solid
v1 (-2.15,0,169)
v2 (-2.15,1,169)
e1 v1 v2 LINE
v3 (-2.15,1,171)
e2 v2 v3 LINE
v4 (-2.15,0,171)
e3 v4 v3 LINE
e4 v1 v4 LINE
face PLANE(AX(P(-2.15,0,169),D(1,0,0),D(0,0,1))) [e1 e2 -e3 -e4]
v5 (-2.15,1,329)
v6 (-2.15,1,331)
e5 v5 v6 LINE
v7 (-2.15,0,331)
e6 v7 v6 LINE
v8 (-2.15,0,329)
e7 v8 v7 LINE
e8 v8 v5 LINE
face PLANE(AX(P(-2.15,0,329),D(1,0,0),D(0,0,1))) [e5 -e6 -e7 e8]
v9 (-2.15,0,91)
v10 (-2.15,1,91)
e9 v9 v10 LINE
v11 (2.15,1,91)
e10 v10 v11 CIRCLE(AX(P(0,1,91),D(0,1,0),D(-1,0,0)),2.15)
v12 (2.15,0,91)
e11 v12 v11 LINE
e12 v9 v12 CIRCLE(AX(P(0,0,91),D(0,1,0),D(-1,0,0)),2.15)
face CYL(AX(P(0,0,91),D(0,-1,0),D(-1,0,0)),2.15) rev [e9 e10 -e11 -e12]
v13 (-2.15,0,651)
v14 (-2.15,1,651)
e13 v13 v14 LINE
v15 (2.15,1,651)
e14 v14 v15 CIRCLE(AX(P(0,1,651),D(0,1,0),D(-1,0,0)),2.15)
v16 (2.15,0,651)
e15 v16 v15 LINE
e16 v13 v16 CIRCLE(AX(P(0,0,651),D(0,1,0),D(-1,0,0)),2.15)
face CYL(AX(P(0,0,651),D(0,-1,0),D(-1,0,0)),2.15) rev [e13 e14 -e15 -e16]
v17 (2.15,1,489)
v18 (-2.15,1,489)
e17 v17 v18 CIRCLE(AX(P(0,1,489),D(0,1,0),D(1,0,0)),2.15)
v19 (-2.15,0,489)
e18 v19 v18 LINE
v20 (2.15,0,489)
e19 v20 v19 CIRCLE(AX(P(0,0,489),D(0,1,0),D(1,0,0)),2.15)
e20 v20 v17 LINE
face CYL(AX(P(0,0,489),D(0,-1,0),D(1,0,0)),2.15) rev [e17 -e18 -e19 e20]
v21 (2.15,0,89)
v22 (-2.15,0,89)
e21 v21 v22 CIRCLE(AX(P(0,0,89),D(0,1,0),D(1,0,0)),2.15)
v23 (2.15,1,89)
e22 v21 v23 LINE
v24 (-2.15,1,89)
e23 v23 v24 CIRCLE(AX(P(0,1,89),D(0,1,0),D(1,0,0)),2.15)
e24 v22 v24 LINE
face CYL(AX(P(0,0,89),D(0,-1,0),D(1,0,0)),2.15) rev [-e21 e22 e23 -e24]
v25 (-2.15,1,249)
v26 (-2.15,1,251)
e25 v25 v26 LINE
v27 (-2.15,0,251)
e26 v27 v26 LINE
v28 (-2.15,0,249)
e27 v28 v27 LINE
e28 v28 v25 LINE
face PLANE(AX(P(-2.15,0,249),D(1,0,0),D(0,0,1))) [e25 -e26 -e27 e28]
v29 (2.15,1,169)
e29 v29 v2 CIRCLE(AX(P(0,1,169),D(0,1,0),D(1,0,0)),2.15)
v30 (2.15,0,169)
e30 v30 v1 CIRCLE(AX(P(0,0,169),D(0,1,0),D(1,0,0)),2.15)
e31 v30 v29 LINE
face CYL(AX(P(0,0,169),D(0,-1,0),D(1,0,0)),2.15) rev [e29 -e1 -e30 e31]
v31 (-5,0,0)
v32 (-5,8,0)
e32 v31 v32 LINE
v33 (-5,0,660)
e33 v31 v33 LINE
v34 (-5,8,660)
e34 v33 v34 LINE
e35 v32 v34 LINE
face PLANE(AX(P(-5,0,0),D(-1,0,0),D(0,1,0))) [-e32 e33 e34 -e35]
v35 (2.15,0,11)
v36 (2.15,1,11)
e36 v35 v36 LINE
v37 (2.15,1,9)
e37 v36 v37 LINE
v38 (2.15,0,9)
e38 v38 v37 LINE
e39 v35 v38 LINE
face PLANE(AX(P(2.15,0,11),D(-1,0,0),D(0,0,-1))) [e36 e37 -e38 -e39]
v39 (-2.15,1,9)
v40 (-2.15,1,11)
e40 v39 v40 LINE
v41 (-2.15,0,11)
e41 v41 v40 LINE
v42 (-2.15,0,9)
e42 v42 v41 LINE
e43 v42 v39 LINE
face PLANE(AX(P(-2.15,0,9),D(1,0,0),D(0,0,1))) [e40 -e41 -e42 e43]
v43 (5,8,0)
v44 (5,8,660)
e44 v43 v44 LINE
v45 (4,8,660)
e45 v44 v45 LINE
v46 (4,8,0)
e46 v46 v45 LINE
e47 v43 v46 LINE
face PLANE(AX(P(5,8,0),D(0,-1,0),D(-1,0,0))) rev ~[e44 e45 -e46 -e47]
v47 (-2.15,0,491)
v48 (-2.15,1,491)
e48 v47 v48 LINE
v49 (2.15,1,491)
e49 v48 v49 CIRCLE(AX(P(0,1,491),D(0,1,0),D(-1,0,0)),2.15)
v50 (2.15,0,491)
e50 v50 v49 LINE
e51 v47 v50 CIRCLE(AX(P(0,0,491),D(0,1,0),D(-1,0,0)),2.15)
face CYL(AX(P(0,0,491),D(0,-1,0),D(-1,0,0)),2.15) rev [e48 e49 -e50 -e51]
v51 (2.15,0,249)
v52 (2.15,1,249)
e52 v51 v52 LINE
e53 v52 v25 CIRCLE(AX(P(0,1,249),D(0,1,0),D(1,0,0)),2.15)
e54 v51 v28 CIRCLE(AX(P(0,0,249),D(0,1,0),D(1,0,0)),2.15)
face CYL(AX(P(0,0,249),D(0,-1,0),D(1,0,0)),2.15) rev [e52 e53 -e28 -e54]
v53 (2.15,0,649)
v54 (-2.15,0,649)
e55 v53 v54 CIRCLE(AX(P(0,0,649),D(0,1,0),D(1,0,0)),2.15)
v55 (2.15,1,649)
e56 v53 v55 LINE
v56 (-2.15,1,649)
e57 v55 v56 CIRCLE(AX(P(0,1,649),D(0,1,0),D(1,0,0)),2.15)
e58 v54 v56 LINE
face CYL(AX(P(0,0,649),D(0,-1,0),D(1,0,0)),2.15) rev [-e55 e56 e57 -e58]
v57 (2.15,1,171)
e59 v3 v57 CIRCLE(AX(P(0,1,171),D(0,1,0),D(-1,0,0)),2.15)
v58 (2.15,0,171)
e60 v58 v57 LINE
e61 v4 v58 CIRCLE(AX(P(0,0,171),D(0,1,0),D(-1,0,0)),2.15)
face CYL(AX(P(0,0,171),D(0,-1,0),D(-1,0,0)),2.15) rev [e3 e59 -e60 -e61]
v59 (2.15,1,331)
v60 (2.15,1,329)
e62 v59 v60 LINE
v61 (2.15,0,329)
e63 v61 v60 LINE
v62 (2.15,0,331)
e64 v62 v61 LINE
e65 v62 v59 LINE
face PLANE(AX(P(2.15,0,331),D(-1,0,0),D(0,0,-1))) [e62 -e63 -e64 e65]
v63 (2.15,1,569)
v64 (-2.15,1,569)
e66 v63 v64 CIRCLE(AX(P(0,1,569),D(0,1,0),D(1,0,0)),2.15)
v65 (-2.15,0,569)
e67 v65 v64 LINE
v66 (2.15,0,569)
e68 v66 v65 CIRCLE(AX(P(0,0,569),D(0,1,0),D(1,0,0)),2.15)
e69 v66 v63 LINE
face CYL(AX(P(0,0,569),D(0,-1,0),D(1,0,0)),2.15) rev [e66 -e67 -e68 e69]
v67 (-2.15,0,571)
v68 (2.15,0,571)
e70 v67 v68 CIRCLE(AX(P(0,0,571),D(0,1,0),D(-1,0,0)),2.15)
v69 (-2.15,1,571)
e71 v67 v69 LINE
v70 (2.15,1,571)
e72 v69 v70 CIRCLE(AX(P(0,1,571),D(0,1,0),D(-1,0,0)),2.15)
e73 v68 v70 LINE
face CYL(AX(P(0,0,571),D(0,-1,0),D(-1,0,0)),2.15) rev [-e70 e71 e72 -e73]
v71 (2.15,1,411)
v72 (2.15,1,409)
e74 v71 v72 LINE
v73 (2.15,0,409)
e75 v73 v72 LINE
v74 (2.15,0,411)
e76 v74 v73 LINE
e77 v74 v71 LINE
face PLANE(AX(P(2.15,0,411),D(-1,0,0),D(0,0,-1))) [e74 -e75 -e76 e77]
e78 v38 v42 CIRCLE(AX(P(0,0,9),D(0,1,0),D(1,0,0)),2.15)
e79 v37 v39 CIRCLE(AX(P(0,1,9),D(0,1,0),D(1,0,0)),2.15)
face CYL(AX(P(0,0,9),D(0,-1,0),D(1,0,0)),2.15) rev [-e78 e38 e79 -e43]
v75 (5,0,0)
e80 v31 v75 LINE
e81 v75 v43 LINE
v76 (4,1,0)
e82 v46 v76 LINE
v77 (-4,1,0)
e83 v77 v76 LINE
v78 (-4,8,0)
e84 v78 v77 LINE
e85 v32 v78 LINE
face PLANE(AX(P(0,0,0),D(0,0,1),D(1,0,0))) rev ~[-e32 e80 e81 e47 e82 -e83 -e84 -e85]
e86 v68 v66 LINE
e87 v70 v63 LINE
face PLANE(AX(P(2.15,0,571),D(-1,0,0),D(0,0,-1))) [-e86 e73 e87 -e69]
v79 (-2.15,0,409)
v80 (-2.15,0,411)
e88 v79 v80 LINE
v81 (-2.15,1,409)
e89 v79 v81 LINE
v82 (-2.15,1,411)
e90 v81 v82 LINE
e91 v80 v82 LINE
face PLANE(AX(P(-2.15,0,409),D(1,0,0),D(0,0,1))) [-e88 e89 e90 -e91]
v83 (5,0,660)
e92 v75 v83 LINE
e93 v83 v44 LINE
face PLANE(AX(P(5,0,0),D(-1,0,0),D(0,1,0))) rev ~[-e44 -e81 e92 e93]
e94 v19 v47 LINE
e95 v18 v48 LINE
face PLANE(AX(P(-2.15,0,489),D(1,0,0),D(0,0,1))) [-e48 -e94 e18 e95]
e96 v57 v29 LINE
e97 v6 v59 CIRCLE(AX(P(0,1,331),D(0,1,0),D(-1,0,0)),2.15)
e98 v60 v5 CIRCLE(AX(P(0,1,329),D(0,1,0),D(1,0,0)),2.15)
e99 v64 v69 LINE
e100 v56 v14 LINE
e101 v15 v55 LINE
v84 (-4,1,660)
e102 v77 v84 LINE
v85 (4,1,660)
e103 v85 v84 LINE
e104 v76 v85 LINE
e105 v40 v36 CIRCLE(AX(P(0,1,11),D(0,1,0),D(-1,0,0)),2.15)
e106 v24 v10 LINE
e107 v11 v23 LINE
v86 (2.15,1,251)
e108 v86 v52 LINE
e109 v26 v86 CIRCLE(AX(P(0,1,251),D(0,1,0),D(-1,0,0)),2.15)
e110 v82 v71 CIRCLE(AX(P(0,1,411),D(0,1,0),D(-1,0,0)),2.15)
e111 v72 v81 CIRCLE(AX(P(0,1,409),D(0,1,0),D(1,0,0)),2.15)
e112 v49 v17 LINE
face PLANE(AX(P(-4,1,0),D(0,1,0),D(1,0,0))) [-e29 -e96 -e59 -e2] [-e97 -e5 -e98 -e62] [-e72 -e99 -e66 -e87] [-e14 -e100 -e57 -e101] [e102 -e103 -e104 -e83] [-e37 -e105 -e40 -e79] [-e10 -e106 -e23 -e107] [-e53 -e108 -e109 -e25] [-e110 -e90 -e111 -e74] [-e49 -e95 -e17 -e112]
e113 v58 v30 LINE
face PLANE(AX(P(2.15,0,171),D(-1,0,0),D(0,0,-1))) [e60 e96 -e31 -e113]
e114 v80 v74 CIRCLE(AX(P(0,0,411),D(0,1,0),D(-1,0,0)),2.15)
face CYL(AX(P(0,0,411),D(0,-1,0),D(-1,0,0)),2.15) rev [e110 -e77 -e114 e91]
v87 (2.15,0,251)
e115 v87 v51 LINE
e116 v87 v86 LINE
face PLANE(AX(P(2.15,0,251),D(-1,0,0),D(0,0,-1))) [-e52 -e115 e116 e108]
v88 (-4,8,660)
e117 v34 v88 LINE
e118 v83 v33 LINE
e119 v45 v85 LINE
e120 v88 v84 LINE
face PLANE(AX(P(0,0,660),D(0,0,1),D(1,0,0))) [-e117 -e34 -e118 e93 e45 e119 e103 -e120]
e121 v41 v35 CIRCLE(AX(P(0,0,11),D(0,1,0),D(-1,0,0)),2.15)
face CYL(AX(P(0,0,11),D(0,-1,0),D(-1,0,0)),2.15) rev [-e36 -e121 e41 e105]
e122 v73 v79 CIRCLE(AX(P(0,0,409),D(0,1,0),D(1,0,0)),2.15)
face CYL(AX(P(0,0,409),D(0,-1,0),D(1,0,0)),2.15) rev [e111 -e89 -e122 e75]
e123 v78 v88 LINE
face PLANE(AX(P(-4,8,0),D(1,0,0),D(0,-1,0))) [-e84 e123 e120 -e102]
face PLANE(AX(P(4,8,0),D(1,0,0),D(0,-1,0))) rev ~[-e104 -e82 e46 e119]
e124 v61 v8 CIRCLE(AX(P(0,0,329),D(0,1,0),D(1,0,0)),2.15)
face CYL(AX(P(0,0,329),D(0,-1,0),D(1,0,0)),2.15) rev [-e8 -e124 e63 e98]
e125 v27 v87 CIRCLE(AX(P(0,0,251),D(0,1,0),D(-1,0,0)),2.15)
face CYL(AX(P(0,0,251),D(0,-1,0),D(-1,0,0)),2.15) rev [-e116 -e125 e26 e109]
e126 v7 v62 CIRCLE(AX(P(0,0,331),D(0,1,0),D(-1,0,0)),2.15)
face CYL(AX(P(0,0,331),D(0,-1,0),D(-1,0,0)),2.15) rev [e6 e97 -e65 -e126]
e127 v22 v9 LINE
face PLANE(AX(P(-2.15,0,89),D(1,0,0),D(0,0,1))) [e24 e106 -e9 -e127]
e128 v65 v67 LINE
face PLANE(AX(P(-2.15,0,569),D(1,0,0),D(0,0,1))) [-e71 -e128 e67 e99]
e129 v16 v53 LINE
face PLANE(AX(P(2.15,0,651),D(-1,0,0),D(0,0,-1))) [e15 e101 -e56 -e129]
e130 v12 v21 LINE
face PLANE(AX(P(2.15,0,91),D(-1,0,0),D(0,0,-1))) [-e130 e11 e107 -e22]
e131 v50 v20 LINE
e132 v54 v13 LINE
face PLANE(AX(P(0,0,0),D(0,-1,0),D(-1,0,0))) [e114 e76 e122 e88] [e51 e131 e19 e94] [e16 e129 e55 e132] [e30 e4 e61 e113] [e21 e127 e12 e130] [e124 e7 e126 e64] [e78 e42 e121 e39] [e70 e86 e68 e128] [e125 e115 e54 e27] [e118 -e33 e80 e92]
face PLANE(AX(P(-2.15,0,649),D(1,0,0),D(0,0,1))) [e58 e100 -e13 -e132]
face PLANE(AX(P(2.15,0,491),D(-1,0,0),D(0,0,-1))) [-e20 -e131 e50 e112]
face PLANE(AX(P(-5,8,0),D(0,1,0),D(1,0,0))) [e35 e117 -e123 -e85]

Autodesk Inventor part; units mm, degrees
ref_plane "YZ Plane" through (0, 0, 0) normal (1, 0, 0) x (0, 1, 0)
ref_plane "XY Plane" through (0, 0, 0) normal (0, 0, 1) x (1, 0, 0)
sketch "Skizze1" plane through (0, 0, 0) normal (0, 0, 1) x (1, 0, 0)
  line L0 (0, 0) -> (5, 0)
  line L1 (5, 0) -> (5, 8)
  line L2 (5, 8) -> (4, 8)
  line L3 (4, 8) -> (4, 1)
  line L4 (4, 1) -> (0, 1)
  line L5 (0, 9.6) -> (0, -1.6) construction
  line L6 (0, 0) -> (-5, 0)
  line L7 (-5, 0) -> (-5, 8)
  line L8 (-5, 8) -> (-4, 8)
  line L9 (-4, 8) -> (-4, 1)
  line L10 (-4, 1) -> (0, 1)
  dimension "d0" = 1
  dimension "d1" = 1
  dimension "d2" = 8
  dimension "d3" = 5
extrude "Ex-UProfil" add sketch "Skizze1" along normal blind 660
sketch "Skizze2" plane through (0, 0, 0) normal (0, 1, 0) x (-1, 0, 0)
  line L0 (5, 0) -> (-5, 0) projected
  line L1 (-5, 0) -> (-5, 660) projected
  line L2 (5, 660) -> (-5, 660) projected
  line L3 (5, 0) -> (5, 660) projected
  line L4 (0, -53) -> (0, 318) construction
  circle A0 centre (0, 650) radius 2.15 construction
  line L5 (0, 651) -> (0, 649) construction
  line L6 (-2.15, 651) -> (-2.15, 649)
  line L7 (2.15, 649) -> (2.15, 651)
  arc A1 (2.15, 651) -> (-2.15, 651) centre (0, 651) ccw
  arc A2 (-2.15, 649) -> (2.15, 649) centre (0, 649) ccw
  circle A3 centre (0, 570) radius 2.15 construction
  line L8 (0, 571) -> (0, 569) construction
  line L9 (-2.15, 571) -> (-2.15, 569)
  line L10 (2.15, 569) -> (2.15, 571)
  arc A4 (2.15, 571) -> (-2.15, 571) centre (0, 571) ccw
  arc A5 (-2.15, 569) -> (2.15, 569) centre (0, 569) ccw
  circle A6 centre (0, 490) radius 2.15 construction
  line L11 (0, 491) -> (0, 489) construction
  line L12 (-2.15, 491) -> (-2.15, 489)
  line L13 (2.15, 489) -> (2.15, 491)
  arc A7 (2.15, 491) -> (-2.15, 491) centre (0, 491) ccw
  arc A8 (-2.15, 489) -> (2.15, 489) centre (0, 489) ccw
  circle A9 centre (0, 410) radius 2.15 construction
  line L14 (0, 411) -> (0, 409) construction
  line L15 (-2.15, 411) -> (-2.15, 409)
  line L16 (2.15, 409) -> (2.15, 411)
  arc A10 (2.15, 411) -> (-2.15, 411) centre (0, 411) ccw
  arc A11 (-2.15, 409) -> (2.15, 409) centre (0, 409) ccw
  circle A12 centre (0, 330) radius 2.15 construction
  line L17 (0, 331) -> (0, 329) construction
  line L18 (-2.15, 331) -> (-2.15, 329)
  line L19 (2.15, 329) -> (2.15, 331)
  arc A13 (2.15, 331) -> (-2.15, 331) centre (0, 331) ccw
  arc A14 (-2.15, 329) -> (2.15, 329) centre (0, 329) ccw
  circle A15 centre (0, 250) radius 2.15 construction
  line L20 (0, 251) -> (0, 249) construction
  line L21 (-2.15, 251) -> (-2.15, 249)
  line L22 (2.15, 249) -> (2.15, 251)
  arc A16 (2.15, 251) -> (-2.15, 251) centre (0, 251) ccw
  arc A17 (-2.15, 249) -> (2.15, 249) centre (0, 249) ccw
  circle A18 centre (0, 170) radius 2.15 construction
  line L23 (0, 171) -> (0, 169) construction
  line L24 (-2.15, 171) -> (-2.15, 169)
  line L25 (2.15, 169) -> (2.15, 171)
  arc A19 (2.15, 171) -> (-2.15, 171) centre (0, 171) ccw
  arc A20 (-2.15, 169) -> (2.15, 169) centre (0, 169) ccw
  circle A21 centre (0, 90) radius 2.15 construction
  line L26 (0, 91) -> (0, 89) construction
  line L27 (-2.15, 91) -> (-2.15, 89)
  line L28 (2.15, 89) -> (2.15, 91)
  arc A22 (2.15, 91) -> (-2.15, 91) centre (0, 91) ccw
  arc A23 (-2.15, 89) -> (2.15, 89) centre (0, 89) ccw
  circle A24 centre (0, 10) radius 2.15 construction
  line L29 (0, 11) -> (0, 9) construction
  line L30 (-2.15, 11) -> (-2.15, 9)
  line L31 (2.15, 9) -> (2.15, 11)
  arc A25 (2.15, 11) -> (-2.15, 11) centre (0, 11) ccw
  arc A26 (-2.15, 9) -> (2.15, 9) centre (0, 9) ccw
  point P0 (0, 0)
  point P1 (0, 653.15)
  point P2 (0, 646.85)
  point P3 (0, 573.15)
  point P4 (0, 566.85)
  point P5 (0, 493.15)
  point P6 (0, 486.85)
  point P7 (0, 413.15)
  point P8 (0, 406.85)
  point P9 (0, 333.15)
  point P10 (0, 326.85)
  point P11 (0, 253.15)
  point P12 (0, 246.85)
  point P13 (0, 173.15)
  point P14 (0, 166.85)
  point P15 (0, 93.15)
  point P16 (0, 86.85)
  point P17 (0, 13.15)
  point P18 (0, 6.85)
  dimension "d6" = 4.3
  dimension "d7" = 10
  dimension "d8" = 4.3
  dimension "d9" = 6.3
  dimension "d21" = 80
extrude "Ex-Bohrungen" cut sketch "Skizze2" along normal up to surface (1 mm away) contours A1 L7 A2 L6 | A4 L10 A5 L9 | A7 L13 A8 L12 | A10 L16 A11 L15 | A13 L19 A14 L18 | A16 L22 A17 L21 | A19 L25 A20 L24 | A22 L28 A23 L27 | A25 L31 A26 L30
equation "\"d8\" = d6"
properties part number "U-Profil PanelSupport 10x8x660mm"
